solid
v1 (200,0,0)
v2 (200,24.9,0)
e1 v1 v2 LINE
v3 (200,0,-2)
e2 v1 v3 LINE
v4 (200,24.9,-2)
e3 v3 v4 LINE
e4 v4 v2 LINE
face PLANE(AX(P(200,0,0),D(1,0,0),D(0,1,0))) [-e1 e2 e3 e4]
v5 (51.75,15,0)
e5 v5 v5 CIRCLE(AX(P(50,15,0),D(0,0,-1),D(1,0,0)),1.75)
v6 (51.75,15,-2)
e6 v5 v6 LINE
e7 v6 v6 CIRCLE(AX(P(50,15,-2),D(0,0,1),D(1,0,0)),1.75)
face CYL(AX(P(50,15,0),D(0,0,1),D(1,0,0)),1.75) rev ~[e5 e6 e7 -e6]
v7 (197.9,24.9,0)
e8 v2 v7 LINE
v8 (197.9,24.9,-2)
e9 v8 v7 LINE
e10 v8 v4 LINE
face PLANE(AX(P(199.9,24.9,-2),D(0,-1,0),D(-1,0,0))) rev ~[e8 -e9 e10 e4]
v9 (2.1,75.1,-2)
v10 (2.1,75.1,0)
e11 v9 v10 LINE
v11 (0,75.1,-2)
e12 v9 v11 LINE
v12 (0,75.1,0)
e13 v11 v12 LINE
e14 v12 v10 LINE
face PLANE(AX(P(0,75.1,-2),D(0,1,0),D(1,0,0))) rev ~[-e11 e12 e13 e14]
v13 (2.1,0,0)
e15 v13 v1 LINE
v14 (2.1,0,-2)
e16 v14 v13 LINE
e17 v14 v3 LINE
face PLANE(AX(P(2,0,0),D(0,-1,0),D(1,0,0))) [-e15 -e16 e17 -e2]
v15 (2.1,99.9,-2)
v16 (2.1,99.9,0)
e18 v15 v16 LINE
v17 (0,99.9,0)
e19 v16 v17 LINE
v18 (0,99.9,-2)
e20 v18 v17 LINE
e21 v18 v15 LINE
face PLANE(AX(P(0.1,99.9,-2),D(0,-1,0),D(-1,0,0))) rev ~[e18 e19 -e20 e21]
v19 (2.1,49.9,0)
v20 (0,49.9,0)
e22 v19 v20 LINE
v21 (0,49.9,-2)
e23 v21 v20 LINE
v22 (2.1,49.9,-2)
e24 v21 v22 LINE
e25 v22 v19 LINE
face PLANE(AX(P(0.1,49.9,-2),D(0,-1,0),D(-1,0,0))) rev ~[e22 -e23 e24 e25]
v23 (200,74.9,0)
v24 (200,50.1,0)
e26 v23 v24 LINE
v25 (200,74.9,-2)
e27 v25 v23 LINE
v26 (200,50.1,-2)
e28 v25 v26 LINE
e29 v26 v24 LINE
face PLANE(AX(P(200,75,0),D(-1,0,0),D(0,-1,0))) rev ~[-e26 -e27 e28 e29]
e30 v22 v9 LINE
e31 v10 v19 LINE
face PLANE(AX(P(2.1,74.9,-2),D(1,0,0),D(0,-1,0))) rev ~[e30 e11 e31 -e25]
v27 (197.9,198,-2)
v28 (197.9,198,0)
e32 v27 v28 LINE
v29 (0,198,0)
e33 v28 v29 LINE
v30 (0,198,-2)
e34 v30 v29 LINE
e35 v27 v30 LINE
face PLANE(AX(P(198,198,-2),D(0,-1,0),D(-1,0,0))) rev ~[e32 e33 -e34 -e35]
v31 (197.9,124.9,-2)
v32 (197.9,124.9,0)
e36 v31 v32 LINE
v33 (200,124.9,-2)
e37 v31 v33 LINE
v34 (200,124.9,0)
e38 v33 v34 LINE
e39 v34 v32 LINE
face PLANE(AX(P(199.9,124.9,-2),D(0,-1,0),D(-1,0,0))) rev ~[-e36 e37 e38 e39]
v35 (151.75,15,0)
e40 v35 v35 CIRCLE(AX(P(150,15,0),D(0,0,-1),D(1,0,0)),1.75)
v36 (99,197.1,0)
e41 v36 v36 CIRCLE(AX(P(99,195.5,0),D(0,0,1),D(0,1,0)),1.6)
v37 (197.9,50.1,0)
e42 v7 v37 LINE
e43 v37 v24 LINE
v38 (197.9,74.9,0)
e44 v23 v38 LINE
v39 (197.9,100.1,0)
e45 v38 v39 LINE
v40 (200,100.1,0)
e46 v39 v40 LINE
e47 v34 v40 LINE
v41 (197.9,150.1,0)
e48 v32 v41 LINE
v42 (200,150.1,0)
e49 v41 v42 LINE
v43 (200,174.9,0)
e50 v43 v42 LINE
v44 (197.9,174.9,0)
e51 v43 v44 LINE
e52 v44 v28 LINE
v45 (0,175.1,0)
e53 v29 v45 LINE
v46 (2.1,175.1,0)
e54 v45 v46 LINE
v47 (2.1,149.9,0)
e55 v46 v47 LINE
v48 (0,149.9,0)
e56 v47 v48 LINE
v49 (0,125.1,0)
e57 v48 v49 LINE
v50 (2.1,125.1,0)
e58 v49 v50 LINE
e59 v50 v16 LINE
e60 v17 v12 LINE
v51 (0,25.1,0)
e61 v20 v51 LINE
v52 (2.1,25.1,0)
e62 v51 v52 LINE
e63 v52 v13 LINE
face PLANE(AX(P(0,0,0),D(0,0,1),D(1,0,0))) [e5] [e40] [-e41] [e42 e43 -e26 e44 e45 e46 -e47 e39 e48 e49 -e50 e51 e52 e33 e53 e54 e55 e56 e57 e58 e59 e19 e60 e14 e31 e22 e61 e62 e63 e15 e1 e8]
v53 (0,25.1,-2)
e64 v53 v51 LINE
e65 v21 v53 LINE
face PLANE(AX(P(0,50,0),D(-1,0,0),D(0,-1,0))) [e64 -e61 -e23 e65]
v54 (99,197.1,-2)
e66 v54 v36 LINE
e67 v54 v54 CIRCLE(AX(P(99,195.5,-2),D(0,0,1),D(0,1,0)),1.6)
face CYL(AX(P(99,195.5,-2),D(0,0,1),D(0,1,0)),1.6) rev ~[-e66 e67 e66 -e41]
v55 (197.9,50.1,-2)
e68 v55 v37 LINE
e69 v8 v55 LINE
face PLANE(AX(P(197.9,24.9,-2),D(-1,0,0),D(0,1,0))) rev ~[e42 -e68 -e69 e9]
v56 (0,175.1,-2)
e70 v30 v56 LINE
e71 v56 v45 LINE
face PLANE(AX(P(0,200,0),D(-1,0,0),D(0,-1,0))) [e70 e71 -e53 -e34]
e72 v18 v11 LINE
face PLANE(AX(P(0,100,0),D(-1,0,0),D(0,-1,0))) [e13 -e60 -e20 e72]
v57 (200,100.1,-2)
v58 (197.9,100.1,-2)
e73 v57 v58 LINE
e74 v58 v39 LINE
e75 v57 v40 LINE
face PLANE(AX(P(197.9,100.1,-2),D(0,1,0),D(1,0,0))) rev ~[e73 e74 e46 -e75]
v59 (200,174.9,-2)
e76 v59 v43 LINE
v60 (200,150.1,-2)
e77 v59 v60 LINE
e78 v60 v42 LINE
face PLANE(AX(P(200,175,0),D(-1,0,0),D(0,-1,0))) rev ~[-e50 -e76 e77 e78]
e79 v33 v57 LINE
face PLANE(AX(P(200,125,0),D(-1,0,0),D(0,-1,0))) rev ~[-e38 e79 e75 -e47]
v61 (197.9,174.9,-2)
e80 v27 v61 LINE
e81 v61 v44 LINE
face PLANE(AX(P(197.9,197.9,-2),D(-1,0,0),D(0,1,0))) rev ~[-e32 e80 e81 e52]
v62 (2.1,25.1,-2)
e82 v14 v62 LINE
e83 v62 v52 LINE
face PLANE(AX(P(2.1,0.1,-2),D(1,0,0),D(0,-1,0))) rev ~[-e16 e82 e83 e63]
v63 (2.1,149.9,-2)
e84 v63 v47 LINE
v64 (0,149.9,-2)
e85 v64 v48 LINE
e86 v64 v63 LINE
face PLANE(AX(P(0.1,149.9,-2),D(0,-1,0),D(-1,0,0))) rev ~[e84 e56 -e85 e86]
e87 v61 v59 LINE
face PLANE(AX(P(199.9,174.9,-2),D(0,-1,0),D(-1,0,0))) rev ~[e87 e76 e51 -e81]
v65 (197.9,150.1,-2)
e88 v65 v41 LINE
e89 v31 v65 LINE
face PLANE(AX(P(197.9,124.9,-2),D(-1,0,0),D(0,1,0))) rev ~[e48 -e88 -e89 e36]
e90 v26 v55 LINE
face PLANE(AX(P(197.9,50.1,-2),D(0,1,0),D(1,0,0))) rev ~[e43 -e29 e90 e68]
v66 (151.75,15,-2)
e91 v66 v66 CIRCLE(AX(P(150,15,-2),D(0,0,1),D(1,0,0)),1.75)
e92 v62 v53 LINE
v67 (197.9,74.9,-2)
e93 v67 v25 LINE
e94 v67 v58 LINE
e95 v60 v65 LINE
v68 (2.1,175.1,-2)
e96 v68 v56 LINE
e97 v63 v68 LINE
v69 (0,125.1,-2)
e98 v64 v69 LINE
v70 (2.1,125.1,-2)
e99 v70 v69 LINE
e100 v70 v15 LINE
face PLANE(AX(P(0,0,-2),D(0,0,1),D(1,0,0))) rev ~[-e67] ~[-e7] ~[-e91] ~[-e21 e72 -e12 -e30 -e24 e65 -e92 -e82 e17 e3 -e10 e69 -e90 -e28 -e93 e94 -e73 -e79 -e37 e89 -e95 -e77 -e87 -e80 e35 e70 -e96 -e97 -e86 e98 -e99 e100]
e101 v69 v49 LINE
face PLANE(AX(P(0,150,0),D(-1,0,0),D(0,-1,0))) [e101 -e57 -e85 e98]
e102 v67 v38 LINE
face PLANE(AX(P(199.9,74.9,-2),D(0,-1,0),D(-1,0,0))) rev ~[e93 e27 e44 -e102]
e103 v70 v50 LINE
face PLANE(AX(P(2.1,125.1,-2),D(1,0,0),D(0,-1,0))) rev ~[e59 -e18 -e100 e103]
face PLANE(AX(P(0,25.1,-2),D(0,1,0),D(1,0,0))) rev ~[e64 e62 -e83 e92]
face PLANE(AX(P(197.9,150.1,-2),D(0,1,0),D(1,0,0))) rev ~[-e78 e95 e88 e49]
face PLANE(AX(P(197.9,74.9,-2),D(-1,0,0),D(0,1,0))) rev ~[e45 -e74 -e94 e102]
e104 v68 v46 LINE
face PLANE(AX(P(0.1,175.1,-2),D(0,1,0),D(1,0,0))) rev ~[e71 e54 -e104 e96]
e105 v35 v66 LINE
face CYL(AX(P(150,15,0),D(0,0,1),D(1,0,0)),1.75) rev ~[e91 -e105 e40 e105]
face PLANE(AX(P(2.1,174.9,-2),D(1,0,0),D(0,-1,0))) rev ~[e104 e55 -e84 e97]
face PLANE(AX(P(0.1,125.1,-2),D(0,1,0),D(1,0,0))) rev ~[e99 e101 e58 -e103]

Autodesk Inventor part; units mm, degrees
ref_plane "YZ Plane" through (0, 0, 0) normal (1, 0, 0) x (0, 1, 0)
ref_plane "XZ Plane" through (0, 0, 0) normal (0, 1, 0) x (-1, 0, 0)
ref_plane "XY Plane" through (0, 0, 0) normal (0, 0, 1) x (1, 0, 0)
sketch "Boceto1" plane through (0, 0, 0) normal (0, 0, 1) x (1, 0, 0)
  line L0 (0, 200) -> (0, 175)
  line L1 (0, 175) -> (2, 175)
  line L2 (2, 175) -> (2, 150)
  line L3 (2, 150) -> (0, 150)
  line L4 (0, 150) -> (0, 125)
  line L5 (0, 125) -> (2, 125)
  line L6 (2, 125) -> (2, 100)
  line L7 (2, 100) -> (0, 100)
  line L8 (0, 100) -> (0, 75)
  line L9 (0, 75) -> (2, 75)
  line L10 (2, 75) -> (2, 50)
  line L11 (2, 50) -> (0, 50)
  line L12 (0, 50) -> (0, 25)
  line L13 (2, 25) -> (2, 0)
  line L14 (0, 0) -> (200, 0) projected
  line L15 (0, 200) -> (200, 200) projected
  line L16 (200, 200) -> (198, 200)
  line L17 (198, 200) -> (198, 175)
  line L18 (198, 175) -> (200, 175)
  line L19 (200, 175) -> (200, 150)
  line L20 (200, 150) -> (198, 150)
  line L21 (198, 150) -> (198, 125)
  line L22 (198, 125) -> (200, 125)
  line L23 (200, 125) -> (200, 100)
  line L24 (200, 100) -> (198, 100)
  line L25 (198, 100) -> (198, 75)
  line L26 (198, 75) -> (200, 75)
  line L27 (200, 75) -> (200, 50)
  line L28 (200, 50) -> (198, 50)
  line L29 (198, 50) -> (198, 25)
  line L30 (198, 25) -> (200, 25)
  line L31 (200, 0) -> (200, 25)
  line L32 (0, 25) -> (2, 25)
  dimension "d0" = 25
  dimension "espesor" = 2
  dimension "d3" = 2
  dimension "d5" = 2
  dimension "d6" = 25
  dimension "d7" = 2
  dimension "d8" = 2
  dimension "d9" = 25
  dimension "d10" = 2
  dimension "d15" = 25
  dimension "d34" = 25
  dimension "d35" = 25
  dimension "d36" = 25
  dimension "d37" = 25
  dimension "d38" = 2
  dimension "d39" = 25
  dimension "d40" = 25
  dimension "d41" = 2
  dimension "d42" = 25
  dimension "d43" = 2
  dimension "d44" = 25
  dimension "d45" = 2
  dimension "d46" = 25
  dimension "d47" = 2
  dimension "d48" = 25
  dimension "d49" = 2
  dimension "d50" = 25
  dimension "d51" = 2
  dimension "d52" = 25
  dimension "d53" = 2
extrude "Extrusión1" add sketch "Boceto1" against normal blind 2
sketch "Boceto2" plane through (0, 0, 0) normal (0, 0, 1) x (1, 0, 0)
  line L0 (0, 0) -> (200, 0)
  line L1 (200, 0) -> (200, 200)
  line L2 (200, 200) -> (0, 200)
  line L3 (0, 200) -> (0, 0)
  line L4 (2, 30) -> (198, 30)
  line L5 (2, 30) -> (0, 30)
  line L6 (198, 30) -> (200, 30)
  line L7 (0, 0) -> (0, 15)
  line L8 (0, 15) -> (50, 15)
  line L9 (50, 15) -> (150, 15)
  circle A0 centre (50, 15) radius 1.75
  circle A1 centre (150, 15) radius 1.75
  dimension "d54" = 15
  dimension "d55" = 50
  dimension "d56" = 100
  dimension "d57" = 3.5
  dimension "d58" = 3.5
extrude "Extrusión2" cut sketch "Boceto2" against normal blind 2 contours A1 | A0 L9 L8 | L8 L9 A0
sketch "Boceto4" plane through (0, 0, -2) normal (0, 0, -1) x (-1, 0, 0)
  point P0 (0, 0)
sketch "Boceto5" plane through (0, 0, -2) normal (0, 0, -1) x (-1, 0, 0)
  circle A0 centre (-150, 15) radius 1.75 projected
  circle A1 centre (-50, 15) radius 1.75 projected
  line L0 (-2, 0) -> (-2, 25) projected
  line L1 (-2, 25) -> (0, 25) projected
  line L2 (0, 25) -> (0, 50) projected
  line L3 (0, 50) -> (-2, 50) projected
  line L4 (-2, 50) -> (-2, 75) projected
  line L5 (-2, 75) -> (0, 75) projected
  line L6 (0, 75) -> (0, 100) projected
  line L7 (0, 100) -> (-2, 100) projected
  line L8 (-2, 100) -> (-2, 125) projected
  line L9 (-2, 125) -> (0, 125) projected
  line L10 (0, 125) -> (0, 150) projected
  line L11 (0, 150) -> (-2, 150) projected
  line L12 (-2, 150) -> (-2, 175) projected
  line L13 (-2, 175) -> (0, 175) projected
  line L14 (0, 175) -> (0, 200) projected
  line L15 (0, 200) -> (-198, 200) projected
  line L16 (-198, 200) -> (-198, 175) projected
  line L17 (-198, 175) -> (-200, 175) projected
  line L18 (-200, 175) -> (-200, 150) projected
  line L19 (-200, 150) -> (-198, 150) projected
  line L20 (-198, 150) -> (-198, 125) projected
  line L21 (-198, 125) -> (-200, 125) projected
  line L22 (-200, 125) -> (-200, 100) projected
  line L23 (-200, 100) -> (-198, 100) projected
  line L24 (-198, 100) -> (-198, 75) projected
  line L25 (-198, 75) -> (-200, 75) projected
  line L26 (-200, 75) -> (-200, 50) projected
  line L27 (-200, 50) -> (-198, 50) projected
  line L28 (-198, 50) -> (-198, 25) projected
  line L29 (-198, 25) -> (-200, 25) projected
  line L30 (-200, 25) -> (-200, 0) projected
  line L31 (-200, 0) -> (-2, 0) projected
  line L32 (-198, 200) -> (-198, 198)
  line L33 (-198, 200) -> (-198, 175) projected
  line L34 (-198, 198) -> (0, 198)
  point P0 (0, 0)
  dimension "d74" = 2
extrude "Extrusión3" cut sketch "Boceto5" against normal blind 2 contours L34 L16 L15 L14
sketch "Boceto6" plane through (0, 0, -2) normal (0, 0, -1) x (-1, 0, 0)
  line L0 (0, 198) -> (-198, 198) projected
  line L1 (-198, 198) -> (-198, 175) projected
  line L2 (-198, 175) -> (-200, 175) projected
  line L3 (-200, 175) -> (-200, 150) projected
  line L4 (-200, 150) -> (-198, 150) projected
  line L5 (-198, 150) -> (-198, 125) projected
  line L6 (-198, 125) -> (-200, 125) projected
  line L7 (-200, 125) -> (-200, 100) projected
  line L8 (-200, 100) -> (-198, 100) projected
  line L9 (-198, 100) -> (-198, 75) projected
  line L10 (-198, 75) -> (-200, 75) projected
  line L11 (-200, 75) -> (-200, 50) projected
  line L12 (-200, 50) -> (-198, 50) projected
  line L13 (-198, 50) -> (-198, 25) projected
  line L14 (-198, 25) -> (-200, 25) projected
  line L15 (-200, 25) -> (-200, 0) projected
  line L16 (-200, 0) -> (-2, 0) projected
  line L17 (-2, 0) -> (-2, 25) projected
  line L18 (-2, 25) -> (0, 25) projected
  line L19 (0, 25) -> (0, 50) projected
  line L20 (0, 50) -> (-2, 50) projected
  line L21 (-2, 50) -> (-2, 75) projected
  line L22 (-2, 75) -> (0, 75) projected
  line L23 (0, 75) -> (0, 100) projected
  line L24 (0, 100) -> (-2, 100) projected
  line L25 (-2, 100) -> (-2, 125) projected
  line L26 (-2, 125) -> (0, 125) projected
  line L27 (0, 125) -> (0, 150) projected
  line L28 (0, 150) -> (-2, 150) projected
  line L29 (-2, 150) -> (-2, 175) projected
  line L30 (-2, 175) -> (0, 175) projected
  line L31 (0, 175) -> (0, 198) projected
  circle A0 centre (-50, 15) radius 1.75 projected
  circle A1 centre (-150, 15) radius 1.75 projected
  line L32 (-99, 198) -> (-99, 195.5)
  circle A2 centre (-99, 195.5) radius 1.6
  point P0 (0, 0)
  dimension "d77" = 2.5
  dimension "d78" = 3.2
hole "Agujero2" at (99, 195.5, -2) direction (0, 0, 1) diameter 3.2 end through all
sketch "Boceto7" plane through (0, 0, -2) normal (0, 0, -1) x (-1, 0, 0)
  circle A0 centre (-99, 195.5) radius 1.6 projected
  line L0 (0, 198) -> (-198, 198) projected
  line L1 (-198, 198) -> (-198, 175) projected
  line L2 (-198, 175) -> (-200, 175) projected
  line L3 (-200, 175) -> (-200, 150) projected
  line L4 (-200, 150) -> (-198, 150) projected
  line L5 (-198, 150) -> (-198, 125) projected
  line L6 (-198, 125) -> (-200, 125) projected
  line L7 (-200, 125) -> (-200, 100) projected
  line L8 (-200, 100) -> (-198, 100) projected
  line L9 (-198, 100) -> (-198, 75) projected
  line L10 (-198, 75) -> (-200, 75) projected
  line L11 (-200, 75) -> (-200, 50) projected
  line L12 (-200, 50) -> (-198, 50) projected
  line L13 (-198, 50) -> (-198, 25) projected
  line L14 (-198, 25) -> (-200, 25) projected
  line L15 (-200, 25) -> (-200, 0) projected
  line L16 (-200, 0) -> (-2, 0) projected
  line L17 (-2, 0) -> (-2, 25) projected
  line L18 (-2, 25) -> (0, 25) projected
  line L19 (0, 25) -> (0, 50) projected
  line L20 (0, 50) -> (-2, 50) projected
  line L21 (-2, 50) -> (-2, 75) projected
  line L22 (-2, 75) -> (0, 75) projected
  line L23 (0, 75) -> (0, 100) projected
  line L24 (0, 100) -> (-2, 100) projected
  line L25 (-2, 100) -> (-2, 125) projected
  line L26 (-2, 125) -> (0, 125) projected
  line L27 (0, 125) -> (0, 150) projected
  line L28 (0, 150) -> (-2, 150) projected
  line L29 (-2, 150) -> (-2, 175) projected
  line L30 (-2, 175) -> (0, 175) projected
  line L31 (0, 175) -> (0, 198) projected
  circle A1 centre (-50, 15) radius 1.75 projected
  circle A2 centre (-150, 15) radius 1.75 projected
  line L32 (-200, 24.9) -> (-197.9, 24.9)
  line L33 (-197.9, 24.9) -> (-197.9, 50.1)
  line L34 (-197.9, 50.1) -> (-200, 50.1)
  line L35 (-199.9, 50.1) -> (-199.9, 74.9)
  line L36 (-200, 74.9) -> (-2.1, 74.9)
  line L37 (-197.9, 74.9) -> (-197.9, 100.1)
  line L38 (-197.9, 100.1) -> (-200, 100.1)
  line L39 (-199.9, 100.1) -> (-199.9, 124.9)
  line L40 (-200, 124.9) -> (-197.9, 124.9)
  line L41 (-197.9, 124.9) -> (-197.9, 150.1)
  line L42 (-197.9, 150.1) -> (-200, 150.1)
  line L43 (-199.9, 150.1) -> (-199.9, 174.9)
  line L44 (-200, 174.9) -> (-2.1, 174.9)
  line L45 (-197.9, 174.9) -> (-197.9, 198)
  line L46 (-197.9, 197.9) -> (-0.1, 197.9)
  line L47 (-0.1, 198) -> (-0.1, 175.1)
  line L48 (0, 175.1) -> (-2.1, 175.1)
  line L49 (-2.1, 175.1) -> (-2.1, 149.9)
  line L50 (-2.1, 149.9) -> (0, 149.9)
  line L51 (-0.1, 149.9) -> (-0.1, 125.1)
  line L52 (0, 125.1) -> (-2.1, 125.1)
  line L53 (-2.1, 125.1) -> (-2.1, 99.9)
  line L54 (-2.1, 99.9) -> (0, 99.9)
  line L55 (-0.1, 99.9) -> (-0.1, 75.1)
  line L56 (0, 75.1) -> (-2.1, 75.1)
  line L57 (-2.1, 75.1) -> (-2.1, 49.9)
  line L58 (-2.1, 49.9) -> (0, 49.9)
  line L59 (-0.1, 49.9) -> (-0.1, 25.1)
  line L60 (0, 25.1) -> (-2.1, 25.1)
  line L61 (-2.1, 25.1) -> (-2.1, 0)
  line L62 (-2.1, 0.1) -> (-199.9, 0.1)
  line L63 (-199.9, 0.1) -> (-199.9, 24.9)
  point P0 (0, 0)
  dimension "d86" = 0.1
extrude "Extrusión4" cut sketch "Boceto7" against normal blind 2 contours L31 L30 L29 L28 L27 L50 L49 L48 | L45 L44 L3 L2 L1 L0 | L42 L41 L40 L7 L6 L5 L4 L3 | L27 L26 L25 L24 L23 L54 L53 L52 | L38 L37 L36 L11 L10 L9 L8 L7 | L56 L23 L22 L21 L20 L19 L58 L57 | L34 L33 L32 L15 L14 L13 L12 L11 | L60 L19 L18 L17 L16 L61
equation "\"d0\" = Lengueta"
equation "\"d3\" = espesor"
equation "\"d5\" = espesor"
equation "\"d6\" = Lengueta"
equation "\"d7\" = espesor"
equation "\"d8\" = espesor"
equation "\"d9\" = Lengueta"
equation "\"d10\" = espesor"
equation "\"d15\" = Lengueta"
equation "\"d34\" = Lengueta"
equation "\"d35\" = Lengueta"
equation "\"d36\" = Lengueta"
equation "\"d37\" = Lengueta"
equation "\"d38\" = espesor"
equation "\"d39\" = Lengueta"
equation "\"d40\" = Lengueta"
equation "\"d41\" = espesor"
equation "\"d42\" = Lengueta"
equation "\"d43\" = espesor"
equation "\"d44\" = Lengueta"
equation "\"d45\" = espesor"
equation "\"d46\" = Lengueta"
equation "\"d47\" = espesor"
equation "\"d48\" = Lengueta"
equation "\"d49\" = espesor"
equation "\"d50\" = Lengueta"
equation "\"d51\" = espesor"
equation "\"d52\" = Lengueta"
equation "\"d53\" = espesor"
equation "\"d29\" = espesor"
equation "\"d59\" = espesor"
equation "\"d75\" = espesor"
equation "\"d87\" = espesor"
equation "\"Lengueta\" = 25"
properties part number "Contenedor_Pared_1"
